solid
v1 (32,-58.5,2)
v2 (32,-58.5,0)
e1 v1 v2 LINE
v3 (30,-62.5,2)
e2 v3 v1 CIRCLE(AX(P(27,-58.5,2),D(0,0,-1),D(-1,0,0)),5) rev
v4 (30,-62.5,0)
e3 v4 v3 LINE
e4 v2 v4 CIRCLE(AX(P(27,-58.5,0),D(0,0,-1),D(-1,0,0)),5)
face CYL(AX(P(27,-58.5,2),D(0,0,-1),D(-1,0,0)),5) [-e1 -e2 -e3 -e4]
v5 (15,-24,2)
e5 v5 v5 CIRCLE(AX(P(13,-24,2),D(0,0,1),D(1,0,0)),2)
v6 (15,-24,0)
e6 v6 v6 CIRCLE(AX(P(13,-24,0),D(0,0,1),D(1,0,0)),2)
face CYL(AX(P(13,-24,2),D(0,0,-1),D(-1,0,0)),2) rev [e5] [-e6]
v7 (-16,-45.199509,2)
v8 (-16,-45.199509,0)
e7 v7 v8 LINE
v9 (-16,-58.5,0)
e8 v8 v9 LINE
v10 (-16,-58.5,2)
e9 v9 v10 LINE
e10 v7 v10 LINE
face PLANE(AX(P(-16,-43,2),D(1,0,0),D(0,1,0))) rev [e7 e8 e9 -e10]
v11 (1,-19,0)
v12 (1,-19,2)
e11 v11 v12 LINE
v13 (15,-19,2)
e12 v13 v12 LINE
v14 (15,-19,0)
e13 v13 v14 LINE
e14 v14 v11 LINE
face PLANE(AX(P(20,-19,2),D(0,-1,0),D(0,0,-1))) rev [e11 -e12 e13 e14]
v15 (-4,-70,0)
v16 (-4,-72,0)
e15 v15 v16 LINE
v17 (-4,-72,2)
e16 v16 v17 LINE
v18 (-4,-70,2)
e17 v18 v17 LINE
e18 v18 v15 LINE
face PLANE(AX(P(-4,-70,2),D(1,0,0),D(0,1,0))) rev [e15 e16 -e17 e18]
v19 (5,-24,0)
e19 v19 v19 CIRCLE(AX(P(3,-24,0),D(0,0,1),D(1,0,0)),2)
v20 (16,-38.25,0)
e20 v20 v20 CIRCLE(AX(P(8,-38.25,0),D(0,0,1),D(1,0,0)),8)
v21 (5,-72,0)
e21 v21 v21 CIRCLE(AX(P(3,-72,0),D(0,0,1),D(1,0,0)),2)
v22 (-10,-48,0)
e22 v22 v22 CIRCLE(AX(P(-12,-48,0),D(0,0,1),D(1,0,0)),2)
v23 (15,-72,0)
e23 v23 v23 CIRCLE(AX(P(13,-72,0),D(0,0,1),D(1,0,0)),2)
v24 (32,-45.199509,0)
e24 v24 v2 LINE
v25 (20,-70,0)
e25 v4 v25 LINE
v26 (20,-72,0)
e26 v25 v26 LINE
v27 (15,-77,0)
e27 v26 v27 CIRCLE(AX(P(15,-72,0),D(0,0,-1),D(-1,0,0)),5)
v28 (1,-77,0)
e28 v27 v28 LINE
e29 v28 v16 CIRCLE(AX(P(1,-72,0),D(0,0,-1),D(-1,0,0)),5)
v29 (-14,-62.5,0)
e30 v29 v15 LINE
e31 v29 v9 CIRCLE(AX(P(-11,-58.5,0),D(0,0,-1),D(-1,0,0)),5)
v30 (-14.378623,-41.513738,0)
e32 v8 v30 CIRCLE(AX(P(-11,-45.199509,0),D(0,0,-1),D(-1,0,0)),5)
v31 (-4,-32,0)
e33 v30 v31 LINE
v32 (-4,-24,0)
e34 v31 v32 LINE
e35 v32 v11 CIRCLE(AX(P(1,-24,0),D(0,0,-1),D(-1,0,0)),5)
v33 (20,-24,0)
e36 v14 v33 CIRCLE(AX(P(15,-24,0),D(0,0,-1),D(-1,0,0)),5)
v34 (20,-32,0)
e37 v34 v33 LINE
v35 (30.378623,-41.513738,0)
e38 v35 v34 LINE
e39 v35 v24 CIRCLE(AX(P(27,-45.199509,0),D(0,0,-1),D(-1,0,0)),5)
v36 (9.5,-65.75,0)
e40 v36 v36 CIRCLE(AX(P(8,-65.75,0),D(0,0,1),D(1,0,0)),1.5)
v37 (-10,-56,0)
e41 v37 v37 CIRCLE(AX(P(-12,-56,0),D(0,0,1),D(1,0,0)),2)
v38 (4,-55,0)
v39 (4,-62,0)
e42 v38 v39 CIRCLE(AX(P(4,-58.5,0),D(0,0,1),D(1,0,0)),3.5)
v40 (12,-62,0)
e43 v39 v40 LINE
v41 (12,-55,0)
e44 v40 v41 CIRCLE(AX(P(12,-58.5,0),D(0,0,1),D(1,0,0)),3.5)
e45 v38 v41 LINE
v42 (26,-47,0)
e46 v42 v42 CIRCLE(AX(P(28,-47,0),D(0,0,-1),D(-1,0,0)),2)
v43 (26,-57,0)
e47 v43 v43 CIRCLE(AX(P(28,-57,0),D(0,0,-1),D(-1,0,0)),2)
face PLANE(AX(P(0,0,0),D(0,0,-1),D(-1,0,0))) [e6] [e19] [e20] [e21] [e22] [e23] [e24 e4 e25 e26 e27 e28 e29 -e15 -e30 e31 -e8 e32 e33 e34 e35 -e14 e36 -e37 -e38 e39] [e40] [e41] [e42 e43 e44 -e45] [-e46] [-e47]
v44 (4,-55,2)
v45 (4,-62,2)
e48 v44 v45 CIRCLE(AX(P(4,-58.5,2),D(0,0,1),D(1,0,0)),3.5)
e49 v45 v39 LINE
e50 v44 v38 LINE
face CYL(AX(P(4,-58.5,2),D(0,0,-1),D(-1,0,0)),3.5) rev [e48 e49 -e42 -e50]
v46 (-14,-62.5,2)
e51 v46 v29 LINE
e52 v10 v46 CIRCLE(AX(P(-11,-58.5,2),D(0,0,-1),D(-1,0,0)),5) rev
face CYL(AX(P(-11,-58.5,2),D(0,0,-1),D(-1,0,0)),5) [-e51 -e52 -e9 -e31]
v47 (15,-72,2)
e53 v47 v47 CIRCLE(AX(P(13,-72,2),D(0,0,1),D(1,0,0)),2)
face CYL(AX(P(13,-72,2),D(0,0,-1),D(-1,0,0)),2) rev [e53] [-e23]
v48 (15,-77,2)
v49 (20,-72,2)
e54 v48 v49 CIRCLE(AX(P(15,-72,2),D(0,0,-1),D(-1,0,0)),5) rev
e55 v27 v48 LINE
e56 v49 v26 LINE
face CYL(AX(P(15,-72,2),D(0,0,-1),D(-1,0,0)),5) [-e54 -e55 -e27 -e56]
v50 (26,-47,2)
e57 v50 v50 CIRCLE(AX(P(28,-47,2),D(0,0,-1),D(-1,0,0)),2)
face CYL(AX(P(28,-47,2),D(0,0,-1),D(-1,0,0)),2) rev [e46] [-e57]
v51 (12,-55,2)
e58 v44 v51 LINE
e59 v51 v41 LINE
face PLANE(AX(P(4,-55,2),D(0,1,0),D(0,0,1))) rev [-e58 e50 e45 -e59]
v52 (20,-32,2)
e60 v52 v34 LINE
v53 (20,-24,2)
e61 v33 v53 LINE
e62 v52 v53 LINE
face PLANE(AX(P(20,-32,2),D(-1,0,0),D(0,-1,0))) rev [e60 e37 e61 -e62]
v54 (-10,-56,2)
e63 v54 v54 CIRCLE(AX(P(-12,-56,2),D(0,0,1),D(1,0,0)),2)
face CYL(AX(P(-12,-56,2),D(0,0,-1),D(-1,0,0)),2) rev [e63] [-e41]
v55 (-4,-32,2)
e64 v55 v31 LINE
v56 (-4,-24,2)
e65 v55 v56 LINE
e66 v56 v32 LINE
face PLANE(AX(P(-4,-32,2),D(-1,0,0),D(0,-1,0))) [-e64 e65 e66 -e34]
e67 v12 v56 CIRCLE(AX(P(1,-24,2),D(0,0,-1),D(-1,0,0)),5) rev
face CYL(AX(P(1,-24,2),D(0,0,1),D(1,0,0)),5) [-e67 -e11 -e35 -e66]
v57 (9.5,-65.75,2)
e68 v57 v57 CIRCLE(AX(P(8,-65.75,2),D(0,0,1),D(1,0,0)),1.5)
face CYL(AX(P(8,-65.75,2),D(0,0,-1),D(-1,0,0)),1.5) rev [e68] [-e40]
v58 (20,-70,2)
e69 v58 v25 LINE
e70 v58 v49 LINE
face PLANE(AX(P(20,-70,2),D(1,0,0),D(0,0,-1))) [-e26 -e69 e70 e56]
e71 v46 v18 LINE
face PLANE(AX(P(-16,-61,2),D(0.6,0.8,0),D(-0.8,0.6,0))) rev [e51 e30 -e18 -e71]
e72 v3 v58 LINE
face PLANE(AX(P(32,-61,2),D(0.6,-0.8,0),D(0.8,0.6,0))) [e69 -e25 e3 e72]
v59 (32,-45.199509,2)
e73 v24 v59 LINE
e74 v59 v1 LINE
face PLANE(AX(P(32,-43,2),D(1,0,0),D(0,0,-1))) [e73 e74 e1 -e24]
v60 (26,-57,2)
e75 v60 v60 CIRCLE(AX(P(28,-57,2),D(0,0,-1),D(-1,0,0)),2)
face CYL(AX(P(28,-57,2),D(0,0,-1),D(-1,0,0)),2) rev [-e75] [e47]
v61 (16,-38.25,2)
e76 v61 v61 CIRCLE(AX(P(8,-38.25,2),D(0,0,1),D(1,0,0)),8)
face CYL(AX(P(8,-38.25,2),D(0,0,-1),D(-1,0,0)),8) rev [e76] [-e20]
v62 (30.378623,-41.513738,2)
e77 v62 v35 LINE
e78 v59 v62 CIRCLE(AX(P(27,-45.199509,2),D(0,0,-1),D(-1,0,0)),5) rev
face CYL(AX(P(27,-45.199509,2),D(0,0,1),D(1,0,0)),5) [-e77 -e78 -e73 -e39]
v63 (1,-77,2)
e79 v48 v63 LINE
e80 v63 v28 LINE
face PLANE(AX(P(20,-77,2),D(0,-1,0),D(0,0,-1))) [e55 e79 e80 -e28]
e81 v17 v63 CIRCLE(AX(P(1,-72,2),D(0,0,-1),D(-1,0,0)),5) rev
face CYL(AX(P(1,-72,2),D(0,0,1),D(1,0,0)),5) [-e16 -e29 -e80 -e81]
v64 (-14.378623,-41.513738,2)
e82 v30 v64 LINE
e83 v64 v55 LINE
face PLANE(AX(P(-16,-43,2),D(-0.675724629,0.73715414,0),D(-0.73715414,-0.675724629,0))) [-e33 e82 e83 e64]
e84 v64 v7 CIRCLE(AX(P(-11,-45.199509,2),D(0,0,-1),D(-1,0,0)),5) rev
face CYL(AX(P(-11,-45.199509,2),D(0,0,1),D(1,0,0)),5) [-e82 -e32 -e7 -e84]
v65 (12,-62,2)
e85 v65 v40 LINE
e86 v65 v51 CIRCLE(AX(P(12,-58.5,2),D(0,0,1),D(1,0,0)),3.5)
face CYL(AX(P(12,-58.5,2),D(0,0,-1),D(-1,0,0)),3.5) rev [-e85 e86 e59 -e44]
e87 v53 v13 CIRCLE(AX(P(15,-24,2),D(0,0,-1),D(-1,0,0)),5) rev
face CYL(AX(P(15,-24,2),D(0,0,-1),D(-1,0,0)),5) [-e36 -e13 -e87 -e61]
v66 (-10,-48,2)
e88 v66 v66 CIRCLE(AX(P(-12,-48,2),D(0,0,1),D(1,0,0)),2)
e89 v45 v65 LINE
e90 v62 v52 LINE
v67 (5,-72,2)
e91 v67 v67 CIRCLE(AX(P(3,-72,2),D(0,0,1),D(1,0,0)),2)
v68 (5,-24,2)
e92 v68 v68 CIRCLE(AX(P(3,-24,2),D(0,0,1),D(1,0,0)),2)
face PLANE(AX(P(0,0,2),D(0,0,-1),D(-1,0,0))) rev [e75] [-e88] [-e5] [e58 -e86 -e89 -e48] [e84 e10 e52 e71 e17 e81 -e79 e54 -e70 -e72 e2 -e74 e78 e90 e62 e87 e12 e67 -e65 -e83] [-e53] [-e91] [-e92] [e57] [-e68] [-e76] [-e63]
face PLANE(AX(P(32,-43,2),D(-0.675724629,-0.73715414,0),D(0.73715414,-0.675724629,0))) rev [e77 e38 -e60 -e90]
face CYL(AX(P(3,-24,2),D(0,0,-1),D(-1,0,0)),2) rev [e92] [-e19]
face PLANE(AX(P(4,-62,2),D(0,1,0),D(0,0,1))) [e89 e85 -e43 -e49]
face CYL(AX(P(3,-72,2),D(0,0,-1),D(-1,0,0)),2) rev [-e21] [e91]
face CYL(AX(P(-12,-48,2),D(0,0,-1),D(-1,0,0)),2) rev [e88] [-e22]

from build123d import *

# Parameters (mm, degrees)
SKETCH_1_R      = 1.5
SKETCH_1_R_2    = 8
SKETCH_1_R_3    = 2
EXTRUDE_1_DEPTH = 2
FILLET_1_R      = 5


with BuildPart() as part:
    # 草图1 → 凸台-拉伸1 (new body)
    with BuildSketch(Plane.XY):
        Polygon((20, -19), (-4, -19), (-4, -32), (-16, -43), (-16, -61), (-4, -70), (-4, -77), (20, -77), (20, -70), (32, -61), (32, -43), (20, -32), align=None)
        with Locations((8, -65.75)):
            Circle(SKETCH_1_R, mode=Mode.SUBTRACT)
        with Locations((8, -38.25)):
            Circle(SKETCH_1_R_2, mode=Mode.SUBTRACT)
        with Locations((3, -72)):
            Circle(SKETCH_1_R_3, mode=Mode.SUBTRACT)
        with Locations((13, -72)):
            Circle(SKETCH_1_R_3, mode=Mode.SUBTRACT)
        with Locations((-12, -48)):
            Circle(SKETCH_1_R_3, mode=Mode.SUBTRACT)
        with Locations((-12, -56)):
            Circle(SKETCH_1_R_3, mode=Mode.SUBTRACT)
        with Locations(Location((28, -57, 0), (0, 0, 180))):
            Circle(SKETCH_1_R_3, mode=Mode.SUBTRACT)
        with Locations(Location((28, -47, 0), (0, 0, 180))):
            Circle(SKETCH_1_R_3, mode=Mode.SUBTRACT)
        with Locations((3, -24)):
            Circle(SKETCH_1_R_3, mode=Mode.SUBTRACT)
        with Locations((13, -24)):
            Circle(SKETCH_1_R_3, mode=Mode.SUBTRACT)
        with BuildLine():
            Line((4, -55), (12, -55))
            ThreePointArc((12, -55), (15.5, -58.5), (12, -62))
            Line((12, -62), (4, -62))
            ThreePointArc((4, -62), (0.5, -58.5), (4, -55))
        make_face(mode=Mode.SUBTRACT)
    extrude(amount=EXTRUDE_1_DEPTH)

    # 圆角1
    fillet_1_edges = [part.edges().sort_by_distance(p)[0] for p in [
        (32, -43, 1),
        (20, -19, 1),
        (-4, -19, 1),
        (-16, -43, 1),
        (-16, -61, 1),
        (-4, -77, 1),
        (20, -77, 1),
        (32, -61, 1),
    ]]
    fillet(fillet_1_edges, radius=FILLET_1_R)


solid = part.part
